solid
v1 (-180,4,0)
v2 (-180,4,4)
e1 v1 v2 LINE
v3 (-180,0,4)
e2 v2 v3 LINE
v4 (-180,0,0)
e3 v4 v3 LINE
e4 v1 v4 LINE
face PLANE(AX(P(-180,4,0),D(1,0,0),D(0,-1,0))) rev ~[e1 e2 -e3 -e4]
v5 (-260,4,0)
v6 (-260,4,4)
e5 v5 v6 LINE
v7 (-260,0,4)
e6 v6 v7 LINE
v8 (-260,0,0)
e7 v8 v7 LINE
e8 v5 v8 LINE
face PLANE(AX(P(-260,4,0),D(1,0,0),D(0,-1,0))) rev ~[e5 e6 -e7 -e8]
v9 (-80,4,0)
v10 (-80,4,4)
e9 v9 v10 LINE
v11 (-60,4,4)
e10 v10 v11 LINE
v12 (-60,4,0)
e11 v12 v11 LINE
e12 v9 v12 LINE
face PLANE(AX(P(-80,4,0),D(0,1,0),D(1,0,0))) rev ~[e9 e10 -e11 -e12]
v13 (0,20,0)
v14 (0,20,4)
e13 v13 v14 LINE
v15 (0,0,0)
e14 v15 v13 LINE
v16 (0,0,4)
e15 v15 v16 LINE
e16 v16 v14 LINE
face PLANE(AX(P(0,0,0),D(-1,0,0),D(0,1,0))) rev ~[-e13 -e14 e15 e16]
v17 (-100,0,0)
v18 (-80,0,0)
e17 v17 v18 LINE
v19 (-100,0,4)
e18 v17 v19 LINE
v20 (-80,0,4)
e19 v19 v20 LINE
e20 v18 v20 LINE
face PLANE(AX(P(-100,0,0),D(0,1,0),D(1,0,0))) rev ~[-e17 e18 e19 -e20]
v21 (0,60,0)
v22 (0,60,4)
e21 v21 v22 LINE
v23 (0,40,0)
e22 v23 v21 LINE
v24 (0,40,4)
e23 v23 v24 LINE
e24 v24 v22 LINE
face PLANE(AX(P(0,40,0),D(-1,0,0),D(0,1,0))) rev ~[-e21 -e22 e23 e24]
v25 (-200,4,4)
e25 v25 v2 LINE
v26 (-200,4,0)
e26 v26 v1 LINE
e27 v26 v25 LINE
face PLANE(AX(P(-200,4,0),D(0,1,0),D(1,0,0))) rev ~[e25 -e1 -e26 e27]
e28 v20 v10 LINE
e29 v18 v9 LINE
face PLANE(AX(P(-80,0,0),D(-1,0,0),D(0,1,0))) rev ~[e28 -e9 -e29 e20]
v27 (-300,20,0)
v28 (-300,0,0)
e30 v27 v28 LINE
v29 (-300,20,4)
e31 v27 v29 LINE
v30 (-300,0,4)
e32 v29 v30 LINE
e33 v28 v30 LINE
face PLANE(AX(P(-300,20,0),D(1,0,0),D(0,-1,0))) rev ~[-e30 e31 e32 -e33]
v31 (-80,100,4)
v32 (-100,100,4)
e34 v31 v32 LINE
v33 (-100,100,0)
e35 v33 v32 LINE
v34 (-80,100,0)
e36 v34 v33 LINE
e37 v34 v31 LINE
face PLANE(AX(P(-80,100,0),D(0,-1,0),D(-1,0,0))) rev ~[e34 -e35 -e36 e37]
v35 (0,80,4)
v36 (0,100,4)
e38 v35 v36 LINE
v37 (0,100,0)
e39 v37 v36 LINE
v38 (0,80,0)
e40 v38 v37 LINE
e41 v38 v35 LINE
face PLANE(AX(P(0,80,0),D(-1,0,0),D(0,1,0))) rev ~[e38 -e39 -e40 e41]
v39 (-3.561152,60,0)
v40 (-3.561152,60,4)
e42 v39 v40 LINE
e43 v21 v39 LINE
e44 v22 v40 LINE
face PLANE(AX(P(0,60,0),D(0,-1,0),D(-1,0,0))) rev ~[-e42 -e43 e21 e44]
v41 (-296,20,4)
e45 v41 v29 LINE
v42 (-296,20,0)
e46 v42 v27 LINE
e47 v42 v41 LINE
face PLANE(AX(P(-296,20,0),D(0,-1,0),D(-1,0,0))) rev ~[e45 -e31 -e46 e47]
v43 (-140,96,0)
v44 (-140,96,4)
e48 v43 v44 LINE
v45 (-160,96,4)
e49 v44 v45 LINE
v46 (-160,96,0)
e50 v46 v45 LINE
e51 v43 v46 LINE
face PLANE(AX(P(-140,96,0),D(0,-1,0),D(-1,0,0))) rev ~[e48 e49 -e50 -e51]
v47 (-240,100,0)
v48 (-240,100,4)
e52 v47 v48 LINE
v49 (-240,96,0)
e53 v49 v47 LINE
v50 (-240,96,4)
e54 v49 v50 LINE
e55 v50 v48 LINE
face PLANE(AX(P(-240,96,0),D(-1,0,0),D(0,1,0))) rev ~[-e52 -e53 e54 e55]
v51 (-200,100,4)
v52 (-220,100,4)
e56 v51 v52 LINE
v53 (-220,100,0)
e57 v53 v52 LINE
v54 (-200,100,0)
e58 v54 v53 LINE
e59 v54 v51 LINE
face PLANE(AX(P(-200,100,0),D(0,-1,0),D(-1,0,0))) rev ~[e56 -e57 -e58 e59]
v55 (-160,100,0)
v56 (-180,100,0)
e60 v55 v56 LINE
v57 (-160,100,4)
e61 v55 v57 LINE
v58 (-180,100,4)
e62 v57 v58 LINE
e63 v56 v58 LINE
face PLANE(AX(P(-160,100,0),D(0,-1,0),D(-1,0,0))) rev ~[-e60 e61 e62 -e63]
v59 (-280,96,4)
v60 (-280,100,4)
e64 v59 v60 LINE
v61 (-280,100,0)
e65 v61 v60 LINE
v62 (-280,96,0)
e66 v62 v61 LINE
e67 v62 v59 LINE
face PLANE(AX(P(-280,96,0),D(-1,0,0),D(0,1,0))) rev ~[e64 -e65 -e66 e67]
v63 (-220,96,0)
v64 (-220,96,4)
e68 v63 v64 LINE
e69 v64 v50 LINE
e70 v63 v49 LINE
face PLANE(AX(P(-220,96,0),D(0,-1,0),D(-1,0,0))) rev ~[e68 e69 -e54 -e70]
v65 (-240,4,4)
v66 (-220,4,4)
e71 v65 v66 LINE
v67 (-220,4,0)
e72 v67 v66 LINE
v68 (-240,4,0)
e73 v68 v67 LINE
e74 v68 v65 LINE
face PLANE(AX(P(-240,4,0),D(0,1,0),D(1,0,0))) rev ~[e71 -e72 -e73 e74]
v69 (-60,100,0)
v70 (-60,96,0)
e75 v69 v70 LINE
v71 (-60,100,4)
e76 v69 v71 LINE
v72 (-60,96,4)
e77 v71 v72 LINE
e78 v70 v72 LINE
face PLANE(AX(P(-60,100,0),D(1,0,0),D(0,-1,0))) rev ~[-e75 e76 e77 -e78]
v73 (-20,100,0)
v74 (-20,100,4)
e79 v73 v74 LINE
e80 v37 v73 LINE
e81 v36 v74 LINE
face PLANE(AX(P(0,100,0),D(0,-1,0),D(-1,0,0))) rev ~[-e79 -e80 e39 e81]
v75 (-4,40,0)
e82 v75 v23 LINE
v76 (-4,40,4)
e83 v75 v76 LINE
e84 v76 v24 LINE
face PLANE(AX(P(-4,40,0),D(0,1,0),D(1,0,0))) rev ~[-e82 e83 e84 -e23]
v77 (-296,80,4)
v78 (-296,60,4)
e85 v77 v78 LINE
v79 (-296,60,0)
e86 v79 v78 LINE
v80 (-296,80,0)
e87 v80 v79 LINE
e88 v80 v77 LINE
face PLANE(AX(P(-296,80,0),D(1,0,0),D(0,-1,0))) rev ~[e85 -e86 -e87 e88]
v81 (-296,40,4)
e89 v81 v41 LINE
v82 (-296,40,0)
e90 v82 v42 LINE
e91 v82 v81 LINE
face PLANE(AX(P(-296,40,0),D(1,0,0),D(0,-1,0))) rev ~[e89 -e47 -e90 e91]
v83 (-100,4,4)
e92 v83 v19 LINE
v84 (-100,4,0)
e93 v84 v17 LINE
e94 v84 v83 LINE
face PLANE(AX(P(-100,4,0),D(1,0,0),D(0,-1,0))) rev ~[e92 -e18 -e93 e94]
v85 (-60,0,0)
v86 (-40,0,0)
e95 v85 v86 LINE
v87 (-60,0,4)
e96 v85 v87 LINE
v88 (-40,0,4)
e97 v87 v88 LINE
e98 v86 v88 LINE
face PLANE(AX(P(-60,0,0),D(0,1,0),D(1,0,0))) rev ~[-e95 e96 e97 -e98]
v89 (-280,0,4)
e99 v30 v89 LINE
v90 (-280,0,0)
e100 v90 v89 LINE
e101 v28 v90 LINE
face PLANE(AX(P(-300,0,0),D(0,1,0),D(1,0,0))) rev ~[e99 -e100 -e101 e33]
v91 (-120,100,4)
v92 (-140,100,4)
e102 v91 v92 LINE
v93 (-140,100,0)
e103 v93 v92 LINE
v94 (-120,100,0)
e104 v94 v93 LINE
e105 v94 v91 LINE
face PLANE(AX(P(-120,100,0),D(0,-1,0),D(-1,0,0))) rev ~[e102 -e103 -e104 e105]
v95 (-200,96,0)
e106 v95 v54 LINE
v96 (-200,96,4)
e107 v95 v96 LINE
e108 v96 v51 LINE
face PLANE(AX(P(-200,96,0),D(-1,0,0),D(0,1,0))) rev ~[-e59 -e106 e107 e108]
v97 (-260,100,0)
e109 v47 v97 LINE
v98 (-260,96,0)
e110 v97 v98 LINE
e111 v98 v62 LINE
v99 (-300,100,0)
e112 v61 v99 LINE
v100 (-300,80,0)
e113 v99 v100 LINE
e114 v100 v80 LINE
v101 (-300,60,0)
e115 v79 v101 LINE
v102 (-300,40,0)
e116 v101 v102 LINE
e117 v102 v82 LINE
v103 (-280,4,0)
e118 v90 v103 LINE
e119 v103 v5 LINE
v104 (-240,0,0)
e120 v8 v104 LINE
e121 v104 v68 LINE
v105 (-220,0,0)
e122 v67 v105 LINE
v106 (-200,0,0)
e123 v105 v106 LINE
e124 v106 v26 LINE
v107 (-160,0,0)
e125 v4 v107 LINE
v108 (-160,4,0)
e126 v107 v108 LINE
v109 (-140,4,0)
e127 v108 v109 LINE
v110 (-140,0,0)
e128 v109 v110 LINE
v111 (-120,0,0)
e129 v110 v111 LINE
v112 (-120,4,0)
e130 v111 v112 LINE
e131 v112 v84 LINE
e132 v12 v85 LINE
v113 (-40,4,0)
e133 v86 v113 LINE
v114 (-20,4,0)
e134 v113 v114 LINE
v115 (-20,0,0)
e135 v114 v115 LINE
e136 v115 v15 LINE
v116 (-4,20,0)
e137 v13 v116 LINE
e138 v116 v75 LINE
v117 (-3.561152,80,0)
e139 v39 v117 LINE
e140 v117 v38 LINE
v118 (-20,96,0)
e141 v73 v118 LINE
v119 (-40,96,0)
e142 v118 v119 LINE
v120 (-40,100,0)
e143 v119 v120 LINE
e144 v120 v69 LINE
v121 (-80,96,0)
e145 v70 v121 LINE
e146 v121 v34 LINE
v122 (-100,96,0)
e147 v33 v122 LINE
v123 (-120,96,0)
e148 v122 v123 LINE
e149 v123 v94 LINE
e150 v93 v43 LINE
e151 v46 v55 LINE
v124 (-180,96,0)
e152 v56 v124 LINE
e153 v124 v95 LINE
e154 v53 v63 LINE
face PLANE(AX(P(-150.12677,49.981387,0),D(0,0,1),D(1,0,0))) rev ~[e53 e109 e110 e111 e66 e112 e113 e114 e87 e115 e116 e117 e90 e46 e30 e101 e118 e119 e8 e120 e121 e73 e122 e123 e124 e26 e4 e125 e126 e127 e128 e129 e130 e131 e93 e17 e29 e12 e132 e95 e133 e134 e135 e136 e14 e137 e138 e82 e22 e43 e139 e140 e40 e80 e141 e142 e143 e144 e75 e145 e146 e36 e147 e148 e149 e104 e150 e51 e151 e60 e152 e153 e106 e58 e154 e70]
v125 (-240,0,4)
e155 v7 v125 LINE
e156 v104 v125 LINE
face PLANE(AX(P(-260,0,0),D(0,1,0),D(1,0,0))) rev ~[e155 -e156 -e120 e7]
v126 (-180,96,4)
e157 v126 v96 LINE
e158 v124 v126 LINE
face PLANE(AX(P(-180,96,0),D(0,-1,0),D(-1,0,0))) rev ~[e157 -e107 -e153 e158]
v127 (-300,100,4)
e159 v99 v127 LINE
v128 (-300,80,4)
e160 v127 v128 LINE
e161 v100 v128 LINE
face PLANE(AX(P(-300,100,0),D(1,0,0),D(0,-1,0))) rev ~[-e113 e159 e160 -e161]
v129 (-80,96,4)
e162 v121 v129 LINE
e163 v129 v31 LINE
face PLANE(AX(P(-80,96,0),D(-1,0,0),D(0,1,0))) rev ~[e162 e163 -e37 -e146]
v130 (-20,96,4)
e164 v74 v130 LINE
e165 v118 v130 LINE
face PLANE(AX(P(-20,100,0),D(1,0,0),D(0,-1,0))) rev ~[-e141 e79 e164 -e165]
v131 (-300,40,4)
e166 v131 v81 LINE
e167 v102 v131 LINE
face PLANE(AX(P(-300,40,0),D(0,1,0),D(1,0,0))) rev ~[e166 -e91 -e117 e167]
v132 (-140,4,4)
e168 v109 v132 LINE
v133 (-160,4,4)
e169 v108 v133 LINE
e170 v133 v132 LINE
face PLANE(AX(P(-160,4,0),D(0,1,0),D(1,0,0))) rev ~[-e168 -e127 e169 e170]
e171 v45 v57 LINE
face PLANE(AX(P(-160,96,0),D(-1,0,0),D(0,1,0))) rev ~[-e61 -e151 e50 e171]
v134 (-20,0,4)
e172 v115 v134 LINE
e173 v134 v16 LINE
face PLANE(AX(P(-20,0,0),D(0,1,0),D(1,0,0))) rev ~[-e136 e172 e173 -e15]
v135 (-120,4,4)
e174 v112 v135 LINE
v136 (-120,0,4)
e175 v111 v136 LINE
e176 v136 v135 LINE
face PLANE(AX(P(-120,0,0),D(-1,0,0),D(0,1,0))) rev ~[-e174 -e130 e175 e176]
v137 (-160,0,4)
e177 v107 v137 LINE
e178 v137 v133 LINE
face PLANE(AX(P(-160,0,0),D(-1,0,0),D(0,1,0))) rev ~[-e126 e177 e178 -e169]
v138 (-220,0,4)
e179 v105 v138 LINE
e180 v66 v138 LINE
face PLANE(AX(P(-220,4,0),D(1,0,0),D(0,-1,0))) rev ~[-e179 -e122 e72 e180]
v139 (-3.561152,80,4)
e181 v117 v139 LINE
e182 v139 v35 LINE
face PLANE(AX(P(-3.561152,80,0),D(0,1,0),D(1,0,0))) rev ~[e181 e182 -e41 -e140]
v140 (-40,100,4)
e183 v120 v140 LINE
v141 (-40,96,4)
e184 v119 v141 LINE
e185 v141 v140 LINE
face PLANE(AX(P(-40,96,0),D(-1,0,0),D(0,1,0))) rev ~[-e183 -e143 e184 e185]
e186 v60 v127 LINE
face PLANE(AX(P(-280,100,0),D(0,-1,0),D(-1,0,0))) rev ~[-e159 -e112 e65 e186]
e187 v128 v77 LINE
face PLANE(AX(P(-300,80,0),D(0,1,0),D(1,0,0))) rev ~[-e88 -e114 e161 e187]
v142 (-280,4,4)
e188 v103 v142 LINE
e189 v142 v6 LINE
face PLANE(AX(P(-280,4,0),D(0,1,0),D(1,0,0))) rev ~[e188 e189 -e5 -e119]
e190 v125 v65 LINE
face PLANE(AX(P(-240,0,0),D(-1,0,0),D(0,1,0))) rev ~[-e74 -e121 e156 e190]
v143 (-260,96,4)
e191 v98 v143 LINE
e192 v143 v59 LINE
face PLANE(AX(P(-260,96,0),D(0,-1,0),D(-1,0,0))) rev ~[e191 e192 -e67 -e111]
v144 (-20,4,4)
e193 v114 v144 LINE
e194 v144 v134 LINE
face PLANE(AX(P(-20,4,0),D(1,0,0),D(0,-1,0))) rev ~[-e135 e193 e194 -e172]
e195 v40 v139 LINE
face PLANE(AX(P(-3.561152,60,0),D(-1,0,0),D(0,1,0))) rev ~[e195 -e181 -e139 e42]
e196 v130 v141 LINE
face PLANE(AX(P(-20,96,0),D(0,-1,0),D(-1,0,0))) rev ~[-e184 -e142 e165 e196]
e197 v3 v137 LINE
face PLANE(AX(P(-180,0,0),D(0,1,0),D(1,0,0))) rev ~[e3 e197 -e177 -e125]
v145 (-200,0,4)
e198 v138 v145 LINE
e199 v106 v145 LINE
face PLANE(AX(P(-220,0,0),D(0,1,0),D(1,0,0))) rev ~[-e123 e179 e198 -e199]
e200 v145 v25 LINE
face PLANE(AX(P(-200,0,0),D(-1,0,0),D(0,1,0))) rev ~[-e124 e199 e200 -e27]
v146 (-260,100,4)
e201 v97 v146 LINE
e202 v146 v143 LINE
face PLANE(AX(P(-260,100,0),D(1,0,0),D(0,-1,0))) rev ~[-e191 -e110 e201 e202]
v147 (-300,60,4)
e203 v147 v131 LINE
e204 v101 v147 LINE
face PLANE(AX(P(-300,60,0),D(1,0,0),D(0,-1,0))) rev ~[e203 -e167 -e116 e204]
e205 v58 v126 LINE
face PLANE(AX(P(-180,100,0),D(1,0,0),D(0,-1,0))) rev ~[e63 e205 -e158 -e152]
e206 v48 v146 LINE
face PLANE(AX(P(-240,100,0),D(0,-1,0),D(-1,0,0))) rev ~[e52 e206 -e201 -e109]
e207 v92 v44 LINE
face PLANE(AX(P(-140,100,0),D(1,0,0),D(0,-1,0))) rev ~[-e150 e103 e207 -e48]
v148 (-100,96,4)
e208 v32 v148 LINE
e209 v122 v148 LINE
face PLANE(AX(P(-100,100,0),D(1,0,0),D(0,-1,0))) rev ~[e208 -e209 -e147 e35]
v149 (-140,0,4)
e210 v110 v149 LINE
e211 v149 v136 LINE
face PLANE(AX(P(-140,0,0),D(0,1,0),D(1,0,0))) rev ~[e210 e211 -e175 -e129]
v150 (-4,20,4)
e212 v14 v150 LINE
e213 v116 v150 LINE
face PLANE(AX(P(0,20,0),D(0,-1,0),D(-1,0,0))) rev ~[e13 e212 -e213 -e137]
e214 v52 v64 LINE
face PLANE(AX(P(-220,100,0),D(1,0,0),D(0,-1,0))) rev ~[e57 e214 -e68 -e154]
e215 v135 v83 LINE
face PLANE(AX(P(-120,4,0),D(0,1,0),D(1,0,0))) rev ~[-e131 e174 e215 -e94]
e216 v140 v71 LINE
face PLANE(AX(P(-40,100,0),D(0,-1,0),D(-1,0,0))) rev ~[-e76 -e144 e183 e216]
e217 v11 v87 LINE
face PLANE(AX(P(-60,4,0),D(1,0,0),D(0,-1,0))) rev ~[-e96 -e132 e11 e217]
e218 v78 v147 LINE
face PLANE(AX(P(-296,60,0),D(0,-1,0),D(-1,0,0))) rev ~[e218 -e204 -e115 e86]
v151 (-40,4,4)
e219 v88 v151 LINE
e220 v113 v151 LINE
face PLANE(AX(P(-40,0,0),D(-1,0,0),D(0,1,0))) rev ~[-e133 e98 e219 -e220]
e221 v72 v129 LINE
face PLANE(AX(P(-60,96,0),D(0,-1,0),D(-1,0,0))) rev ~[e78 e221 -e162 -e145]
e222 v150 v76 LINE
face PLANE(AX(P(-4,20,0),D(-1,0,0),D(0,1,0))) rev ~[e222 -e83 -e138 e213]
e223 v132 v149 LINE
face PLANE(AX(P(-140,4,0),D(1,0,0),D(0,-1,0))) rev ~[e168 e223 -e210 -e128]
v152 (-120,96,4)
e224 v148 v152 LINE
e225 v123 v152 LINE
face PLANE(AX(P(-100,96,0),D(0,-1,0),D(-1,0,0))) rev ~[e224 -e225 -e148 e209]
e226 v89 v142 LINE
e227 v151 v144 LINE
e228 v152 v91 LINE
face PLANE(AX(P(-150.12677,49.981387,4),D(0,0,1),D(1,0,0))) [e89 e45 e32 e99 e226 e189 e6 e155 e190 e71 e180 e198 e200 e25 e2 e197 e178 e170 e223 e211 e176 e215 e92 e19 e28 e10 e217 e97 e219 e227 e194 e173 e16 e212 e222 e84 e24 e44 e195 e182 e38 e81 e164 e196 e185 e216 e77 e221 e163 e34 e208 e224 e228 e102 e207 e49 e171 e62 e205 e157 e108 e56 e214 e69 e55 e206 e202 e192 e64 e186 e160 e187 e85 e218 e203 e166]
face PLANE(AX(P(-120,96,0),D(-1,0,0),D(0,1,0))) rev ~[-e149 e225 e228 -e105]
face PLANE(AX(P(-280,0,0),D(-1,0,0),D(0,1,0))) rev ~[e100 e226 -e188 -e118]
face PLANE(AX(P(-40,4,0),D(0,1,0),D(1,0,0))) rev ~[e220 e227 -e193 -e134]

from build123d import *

# Parameters (mm, degrees)
F1_DEPTH = 4


with BuildPart() as f1:
    # F0 (on Top) → F1 (new body)
    with BuildSketch(Plane.XY):
        Polygon((-20, 0), (0, 0), (0, 20), (-4, 20), (-4, 40), (0, 40), (0, 60), (-3.561152, 60), (-3.561152, 80), (0, 80), (0, 100), (-20, 100), (-20, 96), (-40, 96), (-40, 100), (-60, 100), (-60, 96), (-80, 96), (-80, 100), (-100, 100), (-100, 96), (-120, 96), (-120, 100), (-140, 100), (-140, 96), (-160, 96), (-160, 100), (-180, 100), (-180, 96), (-200, 96), (-200, 100), (-220, 100), (-220, 96), (-240, 96), (-240, 100), (-260, 100), (-260, 96), (-280, 96), (-280, 100), (-300, 100), (-300, 80), (-296, 80), (-296, 60), (-300, 60), (-300, 40), (-296, 40), (-296, 20), (-300, 20), (-300, 0), (-280, 0), (-280, 4), (-260, 4), (-260, 0), (-240, 0), (-240, 4), (-220, 4), (-220, 0), (-200, 0), (-200, 4), (-180, 4), (-180, 0), (-160, 0), (-160, 4), (-140, 4), (-140, 0), (-120, 0), (-120, 4), (-100, 4), (-100, 0), (-80, 0), (-80, 4), (-60, 4), (-60, 0), (-40, 0), (-40, 4), (-20, 4), align=None)
    extrude(amount=F1_DEPTH)


solid = f1.part
